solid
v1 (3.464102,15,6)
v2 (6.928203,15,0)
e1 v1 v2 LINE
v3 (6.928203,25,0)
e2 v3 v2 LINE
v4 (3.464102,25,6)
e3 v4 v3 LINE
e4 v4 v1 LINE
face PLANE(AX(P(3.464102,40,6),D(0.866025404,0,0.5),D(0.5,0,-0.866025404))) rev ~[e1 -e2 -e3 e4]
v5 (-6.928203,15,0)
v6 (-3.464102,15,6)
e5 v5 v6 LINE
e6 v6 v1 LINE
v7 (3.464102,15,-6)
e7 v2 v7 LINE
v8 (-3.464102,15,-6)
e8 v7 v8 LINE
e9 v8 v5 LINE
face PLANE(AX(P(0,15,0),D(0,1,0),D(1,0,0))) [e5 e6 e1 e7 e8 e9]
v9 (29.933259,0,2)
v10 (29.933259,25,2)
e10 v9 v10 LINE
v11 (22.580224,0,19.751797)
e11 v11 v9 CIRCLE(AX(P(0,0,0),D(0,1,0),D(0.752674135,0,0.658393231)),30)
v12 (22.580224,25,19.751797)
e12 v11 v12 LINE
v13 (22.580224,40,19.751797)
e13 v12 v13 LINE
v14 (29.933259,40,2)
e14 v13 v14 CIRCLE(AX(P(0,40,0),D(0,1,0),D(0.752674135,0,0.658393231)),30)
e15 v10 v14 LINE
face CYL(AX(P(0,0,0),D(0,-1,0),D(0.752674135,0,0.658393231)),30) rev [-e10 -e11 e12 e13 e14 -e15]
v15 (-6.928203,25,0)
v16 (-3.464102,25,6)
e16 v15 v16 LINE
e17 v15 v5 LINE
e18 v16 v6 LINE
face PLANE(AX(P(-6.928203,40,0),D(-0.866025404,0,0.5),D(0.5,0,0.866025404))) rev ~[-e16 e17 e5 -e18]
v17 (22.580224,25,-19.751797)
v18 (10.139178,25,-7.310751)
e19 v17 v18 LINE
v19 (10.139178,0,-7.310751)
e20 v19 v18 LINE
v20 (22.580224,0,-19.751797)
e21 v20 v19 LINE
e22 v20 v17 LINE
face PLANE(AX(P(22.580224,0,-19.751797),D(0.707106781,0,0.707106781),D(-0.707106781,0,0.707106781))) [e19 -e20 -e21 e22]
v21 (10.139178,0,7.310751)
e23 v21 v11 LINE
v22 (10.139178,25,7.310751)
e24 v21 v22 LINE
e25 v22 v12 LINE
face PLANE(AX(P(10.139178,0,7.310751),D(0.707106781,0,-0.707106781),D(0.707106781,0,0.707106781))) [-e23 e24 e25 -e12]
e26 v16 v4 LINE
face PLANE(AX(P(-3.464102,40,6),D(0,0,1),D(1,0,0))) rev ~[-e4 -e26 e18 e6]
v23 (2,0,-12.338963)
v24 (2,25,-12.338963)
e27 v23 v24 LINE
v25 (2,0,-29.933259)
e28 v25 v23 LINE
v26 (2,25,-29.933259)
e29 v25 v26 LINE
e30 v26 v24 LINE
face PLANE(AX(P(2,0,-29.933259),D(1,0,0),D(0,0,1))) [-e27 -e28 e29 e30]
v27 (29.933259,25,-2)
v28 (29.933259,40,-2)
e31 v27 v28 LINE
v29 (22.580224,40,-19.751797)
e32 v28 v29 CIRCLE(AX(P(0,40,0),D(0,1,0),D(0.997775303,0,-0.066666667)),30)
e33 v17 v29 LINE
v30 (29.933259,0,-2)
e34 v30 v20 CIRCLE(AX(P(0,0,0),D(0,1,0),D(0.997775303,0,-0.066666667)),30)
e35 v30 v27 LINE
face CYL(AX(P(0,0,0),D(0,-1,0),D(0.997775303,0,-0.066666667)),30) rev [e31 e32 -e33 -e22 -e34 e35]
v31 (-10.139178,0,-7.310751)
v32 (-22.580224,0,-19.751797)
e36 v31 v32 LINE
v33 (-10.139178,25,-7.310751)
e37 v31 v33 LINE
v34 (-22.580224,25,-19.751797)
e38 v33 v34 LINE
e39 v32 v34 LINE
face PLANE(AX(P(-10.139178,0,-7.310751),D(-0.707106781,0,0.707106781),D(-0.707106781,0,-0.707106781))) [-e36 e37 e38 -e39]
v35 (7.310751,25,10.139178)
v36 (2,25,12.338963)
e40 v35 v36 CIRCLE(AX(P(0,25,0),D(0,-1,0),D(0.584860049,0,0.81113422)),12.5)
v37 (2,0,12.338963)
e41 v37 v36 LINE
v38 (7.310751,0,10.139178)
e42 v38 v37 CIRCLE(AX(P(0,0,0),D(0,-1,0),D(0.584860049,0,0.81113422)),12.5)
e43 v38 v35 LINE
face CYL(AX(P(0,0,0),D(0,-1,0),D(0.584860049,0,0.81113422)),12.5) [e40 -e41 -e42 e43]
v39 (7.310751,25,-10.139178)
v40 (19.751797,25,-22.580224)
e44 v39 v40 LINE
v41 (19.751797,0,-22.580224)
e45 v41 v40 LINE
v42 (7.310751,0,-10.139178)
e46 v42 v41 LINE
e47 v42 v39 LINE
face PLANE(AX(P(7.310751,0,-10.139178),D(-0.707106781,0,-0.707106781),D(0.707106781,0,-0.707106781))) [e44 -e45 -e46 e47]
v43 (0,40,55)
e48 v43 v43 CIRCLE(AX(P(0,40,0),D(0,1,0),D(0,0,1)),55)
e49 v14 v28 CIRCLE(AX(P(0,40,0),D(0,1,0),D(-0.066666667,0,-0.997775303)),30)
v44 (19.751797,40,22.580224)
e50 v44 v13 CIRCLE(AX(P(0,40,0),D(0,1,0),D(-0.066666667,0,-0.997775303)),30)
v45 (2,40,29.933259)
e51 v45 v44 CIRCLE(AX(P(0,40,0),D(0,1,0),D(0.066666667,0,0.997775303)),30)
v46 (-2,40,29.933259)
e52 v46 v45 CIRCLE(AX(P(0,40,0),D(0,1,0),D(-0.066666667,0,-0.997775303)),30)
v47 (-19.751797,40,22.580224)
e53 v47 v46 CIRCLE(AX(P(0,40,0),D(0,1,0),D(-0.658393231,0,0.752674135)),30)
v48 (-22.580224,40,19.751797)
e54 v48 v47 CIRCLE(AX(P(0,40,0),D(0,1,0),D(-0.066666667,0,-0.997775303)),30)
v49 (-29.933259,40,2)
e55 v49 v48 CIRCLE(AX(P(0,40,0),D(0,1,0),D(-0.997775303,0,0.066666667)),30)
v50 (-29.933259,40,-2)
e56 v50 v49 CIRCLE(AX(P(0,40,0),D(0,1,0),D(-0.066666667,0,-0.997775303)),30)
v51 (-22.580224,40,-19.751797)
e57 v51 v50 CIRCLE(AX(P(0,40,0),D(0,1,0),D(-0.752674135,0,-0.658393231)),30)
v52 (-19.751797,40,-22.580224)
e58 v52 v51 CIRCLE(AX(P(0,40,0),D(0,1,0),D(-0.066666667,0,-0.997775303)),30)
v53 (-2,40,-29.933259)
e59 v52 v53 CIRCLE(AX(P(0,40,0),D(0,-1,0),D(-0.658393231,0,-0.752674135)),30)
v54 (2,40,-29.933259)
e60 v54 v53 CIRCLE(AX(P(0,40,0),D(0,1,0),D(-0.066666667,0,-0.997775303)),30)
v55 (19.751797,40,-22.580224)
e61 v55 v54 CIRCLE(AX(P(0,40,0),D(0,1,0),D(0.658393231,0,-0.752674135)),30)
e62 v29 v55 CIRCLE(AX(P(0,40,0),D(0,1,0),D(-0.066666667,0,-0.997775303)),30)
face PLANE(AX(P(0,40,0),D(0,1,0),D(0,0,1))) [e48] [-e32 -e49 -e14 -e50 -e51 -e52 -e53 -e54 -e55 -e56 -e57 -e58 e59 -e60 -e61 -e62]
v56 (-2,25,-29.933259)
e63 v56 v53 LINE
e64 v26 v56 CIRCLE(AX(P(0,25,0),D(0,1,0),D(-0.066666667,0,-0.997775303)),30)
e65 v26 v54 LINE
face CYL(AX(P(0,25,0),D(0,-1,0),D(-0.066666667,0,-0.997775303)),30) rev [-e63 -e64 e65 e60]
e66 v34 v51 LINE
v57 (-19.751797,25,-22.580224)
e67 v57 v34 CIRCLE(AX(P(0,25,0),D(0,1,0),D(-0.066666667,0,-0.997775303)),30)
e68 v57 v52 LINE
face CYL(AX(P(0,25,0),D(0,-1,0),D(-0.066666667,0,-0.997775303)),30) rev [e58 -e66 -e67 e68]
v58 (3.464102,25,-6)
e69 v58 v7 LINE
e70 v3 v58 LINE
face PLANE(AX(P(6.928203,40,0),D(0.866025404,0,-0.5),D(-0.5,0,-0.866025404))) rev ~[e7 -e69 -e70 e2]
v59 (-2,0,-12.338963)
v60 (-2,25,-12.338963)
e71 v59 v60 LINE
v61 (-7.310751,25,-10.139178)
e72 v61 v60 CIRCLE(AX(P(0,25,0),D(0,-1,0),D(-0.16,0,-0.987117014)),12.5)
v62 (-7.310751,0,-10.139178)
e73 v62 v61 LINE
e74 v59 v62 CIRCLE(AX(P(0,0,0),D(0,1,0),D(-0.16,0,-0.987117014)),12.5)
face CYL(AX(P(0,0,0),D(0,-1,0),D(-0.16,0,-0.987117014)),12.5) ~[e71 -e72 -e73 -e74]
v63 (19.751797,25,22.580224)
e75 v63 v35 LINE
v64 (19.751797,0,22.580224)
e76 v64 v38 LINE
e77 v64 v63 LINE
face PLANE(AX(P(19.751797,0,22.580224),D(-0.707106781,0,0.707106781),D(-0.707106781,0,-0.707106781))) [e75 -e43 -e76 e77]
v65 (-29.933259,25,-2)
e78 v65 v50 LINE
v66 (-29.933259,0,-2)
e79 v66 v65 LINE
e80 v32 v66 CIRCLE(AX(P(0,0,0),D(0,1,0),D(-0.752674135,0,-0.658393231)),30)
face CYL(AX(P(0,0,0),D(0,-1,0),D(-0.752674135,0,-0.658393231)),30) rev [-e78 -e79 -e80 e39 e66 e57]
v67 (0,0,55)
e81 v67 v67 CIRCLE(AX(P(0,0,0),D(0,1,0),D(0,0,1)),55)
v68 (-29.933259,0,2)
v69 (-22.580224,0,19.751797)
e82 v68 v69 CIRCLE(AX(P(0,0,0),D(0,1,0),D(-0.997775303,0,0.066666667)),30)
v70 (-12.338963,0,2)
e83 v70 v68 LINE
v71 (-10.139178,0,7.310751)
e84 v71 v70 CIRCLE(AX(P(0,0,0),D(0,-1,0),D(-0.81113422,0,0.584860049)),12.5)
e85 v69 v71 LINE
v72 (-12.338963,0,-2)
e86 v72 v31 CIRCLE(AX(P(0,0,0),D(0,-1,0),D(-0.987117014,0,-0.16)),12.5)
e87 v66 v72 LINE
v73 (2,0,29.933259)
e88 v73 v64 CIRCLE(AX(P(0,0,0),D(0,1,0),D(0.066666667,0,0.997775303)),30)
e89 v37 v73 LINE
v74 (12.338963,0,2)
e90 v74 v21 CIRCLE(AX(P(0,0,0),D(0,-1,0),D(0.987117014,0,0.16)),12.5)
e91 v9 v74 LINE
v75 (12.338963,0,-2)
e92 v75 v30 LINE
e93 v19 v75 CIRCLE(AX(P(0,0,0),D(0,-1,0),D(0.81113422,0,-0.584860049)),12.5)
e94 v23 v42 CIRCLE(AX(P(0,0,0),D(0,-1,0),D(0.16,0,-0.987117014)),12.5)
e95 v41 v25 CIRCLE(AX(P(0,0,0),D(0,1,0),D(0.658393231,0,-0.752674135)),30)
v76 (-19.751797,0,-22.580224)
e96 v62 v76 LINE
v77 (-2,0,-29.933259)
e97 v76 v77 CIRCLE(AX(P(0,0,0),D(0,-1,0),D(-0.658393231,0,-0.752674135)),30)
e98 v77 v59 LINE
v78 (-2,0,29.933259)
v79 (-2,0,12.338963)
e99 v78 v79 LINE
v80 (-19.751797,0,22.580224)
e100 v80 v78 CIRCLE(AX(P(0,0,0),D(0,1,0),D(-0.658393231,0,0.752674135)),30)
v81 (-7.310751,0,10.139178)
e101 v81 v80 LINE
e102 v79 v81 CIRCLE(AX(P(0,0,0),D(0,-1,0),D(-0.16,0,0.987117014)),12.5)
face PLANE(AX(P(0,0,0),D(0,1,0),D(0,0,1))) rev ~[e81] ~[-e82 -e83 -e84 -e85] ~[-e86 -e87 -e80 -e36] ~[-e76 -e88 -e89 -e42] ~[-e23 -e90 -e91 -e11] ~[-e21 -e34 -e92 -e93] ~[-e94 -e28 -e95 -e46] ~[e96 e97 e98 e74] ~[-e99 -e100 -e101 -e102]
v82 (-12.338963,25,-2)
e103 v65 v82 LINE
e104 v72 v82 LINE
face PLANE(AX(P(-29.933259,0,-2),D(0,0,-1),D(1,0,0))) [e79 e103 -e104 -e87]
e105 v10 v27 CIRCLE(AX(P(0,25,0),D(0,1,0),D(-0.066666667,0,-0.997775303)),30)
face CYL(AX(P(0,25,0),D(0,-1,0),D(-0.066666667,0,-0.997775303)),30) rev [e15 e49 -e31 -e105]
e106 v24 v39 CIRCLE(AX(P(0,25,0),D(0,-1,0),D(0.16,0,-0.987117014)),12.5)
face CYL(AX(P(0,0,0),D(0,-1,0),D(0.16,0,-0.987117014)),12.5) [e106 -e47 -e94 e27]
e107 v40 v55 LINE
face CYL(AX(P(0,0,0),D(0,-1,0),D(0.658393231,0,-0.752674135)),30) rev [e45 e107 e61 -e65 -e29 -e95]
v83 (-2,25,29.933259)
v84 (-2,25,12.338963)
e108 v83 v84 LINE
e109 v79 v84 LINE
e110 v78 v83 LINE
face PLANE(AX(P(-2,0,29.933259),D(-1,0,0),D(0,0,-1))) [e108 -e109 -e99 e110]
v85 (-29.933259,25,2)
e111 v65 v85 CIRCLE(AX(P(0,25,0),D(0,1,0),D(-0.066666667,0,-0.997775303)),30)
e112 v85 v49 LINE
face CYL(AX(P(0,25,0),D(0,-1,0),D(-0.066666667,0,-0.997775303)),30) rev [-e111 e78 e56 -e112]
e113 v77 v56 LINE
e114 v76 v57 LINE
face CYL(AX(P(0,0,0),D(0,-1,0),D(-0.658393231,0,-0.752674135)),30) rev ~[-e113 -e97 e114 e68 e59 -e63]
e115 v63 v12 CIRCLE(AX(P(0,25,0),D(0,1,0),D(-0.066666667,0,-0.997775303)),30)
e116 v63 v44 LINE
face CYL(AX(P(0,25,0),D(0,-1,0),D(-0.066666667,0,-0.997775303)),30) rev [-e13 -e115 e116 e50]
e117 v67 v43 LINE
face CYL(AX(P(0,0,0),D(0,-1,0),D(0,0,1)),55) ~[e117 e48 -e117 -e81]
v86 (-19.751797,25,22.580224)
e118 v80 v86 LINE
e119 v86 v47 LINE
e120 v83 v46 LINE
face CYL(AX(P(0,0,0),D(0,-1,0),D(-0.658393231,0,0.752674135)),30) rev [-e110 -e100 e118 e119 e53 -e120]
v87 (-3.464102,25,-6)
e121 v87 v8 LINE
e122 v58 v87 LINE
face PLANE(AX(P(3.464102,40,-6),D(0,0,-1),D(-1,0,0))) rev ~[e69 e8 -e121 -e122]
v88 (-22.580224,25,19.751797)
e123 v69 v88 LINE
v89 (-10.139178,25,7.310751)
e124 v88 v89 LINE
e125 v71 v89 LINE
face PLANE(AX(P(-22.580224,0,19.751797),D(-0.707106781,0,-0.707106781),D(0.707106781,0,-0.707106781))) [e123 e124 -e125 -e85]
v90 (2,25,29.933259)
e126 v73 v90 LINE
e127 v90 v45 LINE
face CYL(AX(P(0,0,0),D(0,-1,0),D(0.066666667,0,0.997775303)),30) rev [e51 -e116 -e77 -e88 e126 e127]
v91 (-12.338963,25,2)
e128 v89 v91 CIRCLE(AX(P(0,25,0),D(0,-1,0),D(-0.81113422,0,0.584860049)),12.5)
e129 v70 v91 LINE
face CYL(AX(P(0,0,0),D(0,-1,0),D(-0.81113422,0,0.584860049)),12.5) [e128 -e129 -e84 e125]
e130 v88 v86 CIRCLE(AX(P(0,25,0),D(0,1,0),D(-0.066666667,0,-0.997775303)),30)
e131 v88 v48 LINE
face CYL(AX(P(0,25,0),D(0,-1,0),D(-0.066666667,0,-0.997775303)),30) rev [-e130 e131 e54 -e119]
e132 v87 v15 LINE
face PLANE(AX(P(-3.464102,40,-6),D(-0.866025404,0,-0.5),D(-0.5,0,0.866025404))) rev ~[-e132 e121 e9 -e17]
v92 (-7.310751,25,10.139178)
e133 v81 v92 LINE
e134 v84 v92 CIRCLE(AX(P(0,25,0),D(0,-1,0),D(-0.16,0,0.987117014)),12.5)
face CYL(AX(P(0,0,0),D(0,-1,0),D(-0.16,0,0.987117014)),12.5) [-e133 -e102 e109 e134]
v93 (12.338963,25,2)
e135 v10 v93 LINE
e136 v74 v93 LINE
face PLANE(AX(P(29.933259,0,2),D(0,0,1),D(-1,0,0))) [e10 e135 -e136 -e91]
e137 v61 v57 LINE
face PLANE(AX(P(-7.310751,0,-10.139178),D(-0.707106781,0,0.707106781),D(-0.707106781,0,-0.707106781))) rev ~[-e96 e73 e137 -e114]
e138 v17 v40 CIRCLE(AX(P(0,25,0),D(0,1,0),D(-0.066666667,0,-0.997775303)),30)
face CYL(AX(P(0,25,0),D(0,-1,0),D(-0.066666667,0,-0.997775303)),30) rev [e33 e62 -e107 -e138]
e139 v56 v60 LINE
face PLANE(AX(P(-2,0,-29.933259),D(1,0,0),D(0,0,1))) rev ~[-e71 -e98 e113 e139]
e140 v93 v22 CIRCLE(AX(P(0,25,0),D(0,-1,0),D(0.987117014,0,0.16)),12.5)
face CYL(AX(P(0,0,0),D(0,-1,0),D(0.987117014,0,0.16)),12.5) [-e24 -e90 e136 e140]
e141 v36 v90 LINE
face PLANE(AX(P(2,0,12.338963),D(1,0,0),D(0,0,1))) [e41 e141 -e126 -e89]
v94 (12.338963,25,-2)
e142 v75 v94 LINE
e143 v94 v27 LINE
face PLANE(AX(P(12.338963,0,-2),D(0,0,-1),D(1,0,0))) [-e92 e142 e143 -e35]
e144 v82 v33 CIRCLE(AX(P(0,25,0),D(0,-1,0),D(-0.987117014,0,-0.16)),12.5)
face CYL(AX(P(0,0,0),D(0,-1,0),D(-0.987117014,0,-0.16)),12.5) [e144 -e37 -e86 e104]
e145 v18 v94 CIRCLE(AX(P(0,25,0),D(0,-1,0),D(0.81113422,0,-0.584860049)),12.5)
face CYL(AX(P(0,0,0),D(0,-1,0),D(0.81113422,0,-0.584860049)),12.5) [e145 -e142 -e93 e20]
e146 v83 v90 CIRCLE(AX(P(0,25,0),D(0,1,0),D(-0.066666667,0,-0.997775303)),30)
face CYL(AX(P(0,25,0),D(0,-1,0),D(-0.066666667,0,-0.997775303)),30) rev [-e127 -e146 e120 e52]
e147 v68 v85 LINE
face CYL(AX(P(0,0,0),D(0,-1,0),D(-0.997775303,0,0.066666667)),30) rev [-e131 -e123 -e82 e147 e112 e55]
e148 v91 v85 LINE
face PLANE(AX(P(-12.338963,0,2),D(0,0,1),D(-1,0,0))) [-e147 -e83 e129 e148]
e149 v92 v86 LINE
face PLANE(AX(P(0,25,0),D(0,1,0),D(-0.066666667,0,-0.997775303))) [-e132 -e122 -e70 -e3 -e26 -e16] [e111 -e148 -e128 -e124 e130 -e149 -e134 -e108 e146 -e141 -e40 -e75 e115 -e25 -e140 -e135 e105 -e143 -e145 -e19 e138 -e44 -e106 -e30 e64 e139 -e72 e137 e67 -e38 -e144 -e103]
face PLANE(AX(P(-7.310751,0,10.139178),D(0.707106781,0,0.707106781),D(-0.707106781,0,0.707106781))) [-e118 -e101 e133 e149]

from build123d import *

# Parameters (mm, degrees)
SKETCH2_R           = 55
WHEEL_EXTRUDE_DEPTH = 40
WHEEL_INSET_START   = -15
SKETCH4_R           = 30
WHEEL_INSET_DEPTH   = 15
HUB_INSET_DEPTH     = 25


with BuildPart() as part:
    # Sketch2 → Wheel_Extrude (new body)
    with BuildSketch(Plane(origin=(0, 0, 0), x_dir=(1, 0, 0), z_dir=(0, 1, 0))):
        Circle(SKETCH2_R)
        with BuildLine():
            Line((2, 29.933259094), (2, 12.338962679))
            ThreePointArc((2, 12.338962679), (4.783542905, 11.548494156), (7.310750621, 10.139177746))
            Line((7.310750621, 10.139177746), (19.751796926, 22.580224051))
            ThreePointArc((19.751796926, 22.580224051), (11.480502971, 27.716385975), (2, 29.933259094))
        make_face(mode=Mode.SUBTRACT)
        with BuildLine():
            Line((-2, 29.933259094), (-2, 12.338962679))
            ThreePointArc((-2, 12.338962679), (-4.783542905, 11.548494156), (-7.310750621, 10.139177746))
            Line((-7.310750621, 10.139177746), (-19.751796926, 22.580224051))
            ThreePointArc((-19.751796926, 22.580224051), (-11.480502971, 27.716385975), (-2, 29.933259094))
        make_face(mode=Mode.SUBTRACT)
        with BuildLine():
            Line((22.580224051, 19.751796926), (10.139177746, 7.310750621))
            ThreePointArc((10.139177746, 7.310750621), (11.548494156, 4.783542905), (12.338962679, 2))
            Line((12.338962679, 2), (29.933259094, 2))
            ThreePointArc((29.933259094, 2), (27.716385975, 11.480502971), (22.580224051, 19.751796926))
        make_face(mode=Mode.SUBTRACT)
        with BuildLine():
            Line((29.933259094, -2), (12.338962679, -2))
            ThreePointArc((12.338962679, -2), (11.548494156, -4.783542905), (10.139177746, -7.310750621))
            Line((10.139177746, -7.310750621), (22.580224051, -19.751796926))
            ThreePointArc((22.580224051, -19.751796926), (27.716385975, -11.480502971), (29.933259094, -2))
        make_face(mode=Mode.SUBTRACT)
        with BuildLine():
            Line((19.751796926, -22.580224051), (7.310750621, -10.139177746))
            ThreePointArc((7.310750621, -10.139177746), (4.783542905, -11.548494156), (2, -12.338962679))
            Line((2, -12.338962679), (2, -29.933259094))
            ThreePointArc((2, -29.933259094), (11.480502971, -27.716385975), (19.751796926, -22.580224051))
        make_face(mode=Mode.SUBTRACT)
        with BuildLine():
            Line((-2, -29.933259094), (-2, -12.338962679))
            ThreePointArc((-2, -12.338962679), (-4.783542905, -11.548494156), (-7.310750621, -10.139177746))
            Line((-7.310750621, -10.139177746), (-19.751796926, -22.580224051))
            ThreePointArc((-19.751796926, -22.580224051), (-11.480502971, -27.716385975), (-2, -29.933259094))
        make_face(mode=Mode.SUBTRACT)
        with BuildLine():
            Line((-22.580224051, -19.751796926), (-10.139177746, -7.310750621))
            ThreePointArc((-10.139177746, -7.310750621), (-11.548494156, -4.783542905), (-12.338962679, -2))
            Line((-12.338962679, -2), (-29.933259094, -2))
            ThreePointArc((-29.933259094, -2), (-27.716385975, -11.480502971), (-22.580224051, -19.751796926))
        make_face(mode=Mode.SUBTRACT)
        with BuildLine():
            Line((-29.933259094, 2), (-12.338962679, 2))
            ThreePointArc((-12.338962679, 2), (-11.548494156, 4.783542905), (-10.139177746, 7.310750621))
            Line((-10.139177746, 7.310750621), (-22.580224051, 19.751796926))
            ThreePointArc((-22.580224051, 19.751796926), (-27.716385975, 11.480502971), (-29.933259094, 2))
        make_face(mode=Mode.SUBTRACT)
    extrude(amount=WHEEL_EXTRUDE_DEPTH)

    # Sketch4 → Wheel_Inset (cut)
    with BuildSketch(Plane(origin=(0, 40, 0), x_dir=(1, 0, 0), z_dir=(0, 1, 0)).offset(WHEEL_INSET_START)):
        Circle(SKETCH4_R)
    extrude(amount=WHEEL_INSET_DEPTH, mode=Mode.SUBTRACT)

    # Sketch4<4> → Hub_Inset (cut)
    with BuildSketch(Plane(origin=(0, 40, 0), x_dir=(1, 0, 0), z_dir=(0, 1, 0))):
        Polygon((6.92820323, 0), (3.464101615, 6), (-3.464101615, 6), (-6.92820323, 0), (-3.464101615, -6), (3.464101615, -6), align=None)
    extrude(amount=-HUB_INSET_DEPTH, mode=Mode.SUBTRACT)


solid = part.part
